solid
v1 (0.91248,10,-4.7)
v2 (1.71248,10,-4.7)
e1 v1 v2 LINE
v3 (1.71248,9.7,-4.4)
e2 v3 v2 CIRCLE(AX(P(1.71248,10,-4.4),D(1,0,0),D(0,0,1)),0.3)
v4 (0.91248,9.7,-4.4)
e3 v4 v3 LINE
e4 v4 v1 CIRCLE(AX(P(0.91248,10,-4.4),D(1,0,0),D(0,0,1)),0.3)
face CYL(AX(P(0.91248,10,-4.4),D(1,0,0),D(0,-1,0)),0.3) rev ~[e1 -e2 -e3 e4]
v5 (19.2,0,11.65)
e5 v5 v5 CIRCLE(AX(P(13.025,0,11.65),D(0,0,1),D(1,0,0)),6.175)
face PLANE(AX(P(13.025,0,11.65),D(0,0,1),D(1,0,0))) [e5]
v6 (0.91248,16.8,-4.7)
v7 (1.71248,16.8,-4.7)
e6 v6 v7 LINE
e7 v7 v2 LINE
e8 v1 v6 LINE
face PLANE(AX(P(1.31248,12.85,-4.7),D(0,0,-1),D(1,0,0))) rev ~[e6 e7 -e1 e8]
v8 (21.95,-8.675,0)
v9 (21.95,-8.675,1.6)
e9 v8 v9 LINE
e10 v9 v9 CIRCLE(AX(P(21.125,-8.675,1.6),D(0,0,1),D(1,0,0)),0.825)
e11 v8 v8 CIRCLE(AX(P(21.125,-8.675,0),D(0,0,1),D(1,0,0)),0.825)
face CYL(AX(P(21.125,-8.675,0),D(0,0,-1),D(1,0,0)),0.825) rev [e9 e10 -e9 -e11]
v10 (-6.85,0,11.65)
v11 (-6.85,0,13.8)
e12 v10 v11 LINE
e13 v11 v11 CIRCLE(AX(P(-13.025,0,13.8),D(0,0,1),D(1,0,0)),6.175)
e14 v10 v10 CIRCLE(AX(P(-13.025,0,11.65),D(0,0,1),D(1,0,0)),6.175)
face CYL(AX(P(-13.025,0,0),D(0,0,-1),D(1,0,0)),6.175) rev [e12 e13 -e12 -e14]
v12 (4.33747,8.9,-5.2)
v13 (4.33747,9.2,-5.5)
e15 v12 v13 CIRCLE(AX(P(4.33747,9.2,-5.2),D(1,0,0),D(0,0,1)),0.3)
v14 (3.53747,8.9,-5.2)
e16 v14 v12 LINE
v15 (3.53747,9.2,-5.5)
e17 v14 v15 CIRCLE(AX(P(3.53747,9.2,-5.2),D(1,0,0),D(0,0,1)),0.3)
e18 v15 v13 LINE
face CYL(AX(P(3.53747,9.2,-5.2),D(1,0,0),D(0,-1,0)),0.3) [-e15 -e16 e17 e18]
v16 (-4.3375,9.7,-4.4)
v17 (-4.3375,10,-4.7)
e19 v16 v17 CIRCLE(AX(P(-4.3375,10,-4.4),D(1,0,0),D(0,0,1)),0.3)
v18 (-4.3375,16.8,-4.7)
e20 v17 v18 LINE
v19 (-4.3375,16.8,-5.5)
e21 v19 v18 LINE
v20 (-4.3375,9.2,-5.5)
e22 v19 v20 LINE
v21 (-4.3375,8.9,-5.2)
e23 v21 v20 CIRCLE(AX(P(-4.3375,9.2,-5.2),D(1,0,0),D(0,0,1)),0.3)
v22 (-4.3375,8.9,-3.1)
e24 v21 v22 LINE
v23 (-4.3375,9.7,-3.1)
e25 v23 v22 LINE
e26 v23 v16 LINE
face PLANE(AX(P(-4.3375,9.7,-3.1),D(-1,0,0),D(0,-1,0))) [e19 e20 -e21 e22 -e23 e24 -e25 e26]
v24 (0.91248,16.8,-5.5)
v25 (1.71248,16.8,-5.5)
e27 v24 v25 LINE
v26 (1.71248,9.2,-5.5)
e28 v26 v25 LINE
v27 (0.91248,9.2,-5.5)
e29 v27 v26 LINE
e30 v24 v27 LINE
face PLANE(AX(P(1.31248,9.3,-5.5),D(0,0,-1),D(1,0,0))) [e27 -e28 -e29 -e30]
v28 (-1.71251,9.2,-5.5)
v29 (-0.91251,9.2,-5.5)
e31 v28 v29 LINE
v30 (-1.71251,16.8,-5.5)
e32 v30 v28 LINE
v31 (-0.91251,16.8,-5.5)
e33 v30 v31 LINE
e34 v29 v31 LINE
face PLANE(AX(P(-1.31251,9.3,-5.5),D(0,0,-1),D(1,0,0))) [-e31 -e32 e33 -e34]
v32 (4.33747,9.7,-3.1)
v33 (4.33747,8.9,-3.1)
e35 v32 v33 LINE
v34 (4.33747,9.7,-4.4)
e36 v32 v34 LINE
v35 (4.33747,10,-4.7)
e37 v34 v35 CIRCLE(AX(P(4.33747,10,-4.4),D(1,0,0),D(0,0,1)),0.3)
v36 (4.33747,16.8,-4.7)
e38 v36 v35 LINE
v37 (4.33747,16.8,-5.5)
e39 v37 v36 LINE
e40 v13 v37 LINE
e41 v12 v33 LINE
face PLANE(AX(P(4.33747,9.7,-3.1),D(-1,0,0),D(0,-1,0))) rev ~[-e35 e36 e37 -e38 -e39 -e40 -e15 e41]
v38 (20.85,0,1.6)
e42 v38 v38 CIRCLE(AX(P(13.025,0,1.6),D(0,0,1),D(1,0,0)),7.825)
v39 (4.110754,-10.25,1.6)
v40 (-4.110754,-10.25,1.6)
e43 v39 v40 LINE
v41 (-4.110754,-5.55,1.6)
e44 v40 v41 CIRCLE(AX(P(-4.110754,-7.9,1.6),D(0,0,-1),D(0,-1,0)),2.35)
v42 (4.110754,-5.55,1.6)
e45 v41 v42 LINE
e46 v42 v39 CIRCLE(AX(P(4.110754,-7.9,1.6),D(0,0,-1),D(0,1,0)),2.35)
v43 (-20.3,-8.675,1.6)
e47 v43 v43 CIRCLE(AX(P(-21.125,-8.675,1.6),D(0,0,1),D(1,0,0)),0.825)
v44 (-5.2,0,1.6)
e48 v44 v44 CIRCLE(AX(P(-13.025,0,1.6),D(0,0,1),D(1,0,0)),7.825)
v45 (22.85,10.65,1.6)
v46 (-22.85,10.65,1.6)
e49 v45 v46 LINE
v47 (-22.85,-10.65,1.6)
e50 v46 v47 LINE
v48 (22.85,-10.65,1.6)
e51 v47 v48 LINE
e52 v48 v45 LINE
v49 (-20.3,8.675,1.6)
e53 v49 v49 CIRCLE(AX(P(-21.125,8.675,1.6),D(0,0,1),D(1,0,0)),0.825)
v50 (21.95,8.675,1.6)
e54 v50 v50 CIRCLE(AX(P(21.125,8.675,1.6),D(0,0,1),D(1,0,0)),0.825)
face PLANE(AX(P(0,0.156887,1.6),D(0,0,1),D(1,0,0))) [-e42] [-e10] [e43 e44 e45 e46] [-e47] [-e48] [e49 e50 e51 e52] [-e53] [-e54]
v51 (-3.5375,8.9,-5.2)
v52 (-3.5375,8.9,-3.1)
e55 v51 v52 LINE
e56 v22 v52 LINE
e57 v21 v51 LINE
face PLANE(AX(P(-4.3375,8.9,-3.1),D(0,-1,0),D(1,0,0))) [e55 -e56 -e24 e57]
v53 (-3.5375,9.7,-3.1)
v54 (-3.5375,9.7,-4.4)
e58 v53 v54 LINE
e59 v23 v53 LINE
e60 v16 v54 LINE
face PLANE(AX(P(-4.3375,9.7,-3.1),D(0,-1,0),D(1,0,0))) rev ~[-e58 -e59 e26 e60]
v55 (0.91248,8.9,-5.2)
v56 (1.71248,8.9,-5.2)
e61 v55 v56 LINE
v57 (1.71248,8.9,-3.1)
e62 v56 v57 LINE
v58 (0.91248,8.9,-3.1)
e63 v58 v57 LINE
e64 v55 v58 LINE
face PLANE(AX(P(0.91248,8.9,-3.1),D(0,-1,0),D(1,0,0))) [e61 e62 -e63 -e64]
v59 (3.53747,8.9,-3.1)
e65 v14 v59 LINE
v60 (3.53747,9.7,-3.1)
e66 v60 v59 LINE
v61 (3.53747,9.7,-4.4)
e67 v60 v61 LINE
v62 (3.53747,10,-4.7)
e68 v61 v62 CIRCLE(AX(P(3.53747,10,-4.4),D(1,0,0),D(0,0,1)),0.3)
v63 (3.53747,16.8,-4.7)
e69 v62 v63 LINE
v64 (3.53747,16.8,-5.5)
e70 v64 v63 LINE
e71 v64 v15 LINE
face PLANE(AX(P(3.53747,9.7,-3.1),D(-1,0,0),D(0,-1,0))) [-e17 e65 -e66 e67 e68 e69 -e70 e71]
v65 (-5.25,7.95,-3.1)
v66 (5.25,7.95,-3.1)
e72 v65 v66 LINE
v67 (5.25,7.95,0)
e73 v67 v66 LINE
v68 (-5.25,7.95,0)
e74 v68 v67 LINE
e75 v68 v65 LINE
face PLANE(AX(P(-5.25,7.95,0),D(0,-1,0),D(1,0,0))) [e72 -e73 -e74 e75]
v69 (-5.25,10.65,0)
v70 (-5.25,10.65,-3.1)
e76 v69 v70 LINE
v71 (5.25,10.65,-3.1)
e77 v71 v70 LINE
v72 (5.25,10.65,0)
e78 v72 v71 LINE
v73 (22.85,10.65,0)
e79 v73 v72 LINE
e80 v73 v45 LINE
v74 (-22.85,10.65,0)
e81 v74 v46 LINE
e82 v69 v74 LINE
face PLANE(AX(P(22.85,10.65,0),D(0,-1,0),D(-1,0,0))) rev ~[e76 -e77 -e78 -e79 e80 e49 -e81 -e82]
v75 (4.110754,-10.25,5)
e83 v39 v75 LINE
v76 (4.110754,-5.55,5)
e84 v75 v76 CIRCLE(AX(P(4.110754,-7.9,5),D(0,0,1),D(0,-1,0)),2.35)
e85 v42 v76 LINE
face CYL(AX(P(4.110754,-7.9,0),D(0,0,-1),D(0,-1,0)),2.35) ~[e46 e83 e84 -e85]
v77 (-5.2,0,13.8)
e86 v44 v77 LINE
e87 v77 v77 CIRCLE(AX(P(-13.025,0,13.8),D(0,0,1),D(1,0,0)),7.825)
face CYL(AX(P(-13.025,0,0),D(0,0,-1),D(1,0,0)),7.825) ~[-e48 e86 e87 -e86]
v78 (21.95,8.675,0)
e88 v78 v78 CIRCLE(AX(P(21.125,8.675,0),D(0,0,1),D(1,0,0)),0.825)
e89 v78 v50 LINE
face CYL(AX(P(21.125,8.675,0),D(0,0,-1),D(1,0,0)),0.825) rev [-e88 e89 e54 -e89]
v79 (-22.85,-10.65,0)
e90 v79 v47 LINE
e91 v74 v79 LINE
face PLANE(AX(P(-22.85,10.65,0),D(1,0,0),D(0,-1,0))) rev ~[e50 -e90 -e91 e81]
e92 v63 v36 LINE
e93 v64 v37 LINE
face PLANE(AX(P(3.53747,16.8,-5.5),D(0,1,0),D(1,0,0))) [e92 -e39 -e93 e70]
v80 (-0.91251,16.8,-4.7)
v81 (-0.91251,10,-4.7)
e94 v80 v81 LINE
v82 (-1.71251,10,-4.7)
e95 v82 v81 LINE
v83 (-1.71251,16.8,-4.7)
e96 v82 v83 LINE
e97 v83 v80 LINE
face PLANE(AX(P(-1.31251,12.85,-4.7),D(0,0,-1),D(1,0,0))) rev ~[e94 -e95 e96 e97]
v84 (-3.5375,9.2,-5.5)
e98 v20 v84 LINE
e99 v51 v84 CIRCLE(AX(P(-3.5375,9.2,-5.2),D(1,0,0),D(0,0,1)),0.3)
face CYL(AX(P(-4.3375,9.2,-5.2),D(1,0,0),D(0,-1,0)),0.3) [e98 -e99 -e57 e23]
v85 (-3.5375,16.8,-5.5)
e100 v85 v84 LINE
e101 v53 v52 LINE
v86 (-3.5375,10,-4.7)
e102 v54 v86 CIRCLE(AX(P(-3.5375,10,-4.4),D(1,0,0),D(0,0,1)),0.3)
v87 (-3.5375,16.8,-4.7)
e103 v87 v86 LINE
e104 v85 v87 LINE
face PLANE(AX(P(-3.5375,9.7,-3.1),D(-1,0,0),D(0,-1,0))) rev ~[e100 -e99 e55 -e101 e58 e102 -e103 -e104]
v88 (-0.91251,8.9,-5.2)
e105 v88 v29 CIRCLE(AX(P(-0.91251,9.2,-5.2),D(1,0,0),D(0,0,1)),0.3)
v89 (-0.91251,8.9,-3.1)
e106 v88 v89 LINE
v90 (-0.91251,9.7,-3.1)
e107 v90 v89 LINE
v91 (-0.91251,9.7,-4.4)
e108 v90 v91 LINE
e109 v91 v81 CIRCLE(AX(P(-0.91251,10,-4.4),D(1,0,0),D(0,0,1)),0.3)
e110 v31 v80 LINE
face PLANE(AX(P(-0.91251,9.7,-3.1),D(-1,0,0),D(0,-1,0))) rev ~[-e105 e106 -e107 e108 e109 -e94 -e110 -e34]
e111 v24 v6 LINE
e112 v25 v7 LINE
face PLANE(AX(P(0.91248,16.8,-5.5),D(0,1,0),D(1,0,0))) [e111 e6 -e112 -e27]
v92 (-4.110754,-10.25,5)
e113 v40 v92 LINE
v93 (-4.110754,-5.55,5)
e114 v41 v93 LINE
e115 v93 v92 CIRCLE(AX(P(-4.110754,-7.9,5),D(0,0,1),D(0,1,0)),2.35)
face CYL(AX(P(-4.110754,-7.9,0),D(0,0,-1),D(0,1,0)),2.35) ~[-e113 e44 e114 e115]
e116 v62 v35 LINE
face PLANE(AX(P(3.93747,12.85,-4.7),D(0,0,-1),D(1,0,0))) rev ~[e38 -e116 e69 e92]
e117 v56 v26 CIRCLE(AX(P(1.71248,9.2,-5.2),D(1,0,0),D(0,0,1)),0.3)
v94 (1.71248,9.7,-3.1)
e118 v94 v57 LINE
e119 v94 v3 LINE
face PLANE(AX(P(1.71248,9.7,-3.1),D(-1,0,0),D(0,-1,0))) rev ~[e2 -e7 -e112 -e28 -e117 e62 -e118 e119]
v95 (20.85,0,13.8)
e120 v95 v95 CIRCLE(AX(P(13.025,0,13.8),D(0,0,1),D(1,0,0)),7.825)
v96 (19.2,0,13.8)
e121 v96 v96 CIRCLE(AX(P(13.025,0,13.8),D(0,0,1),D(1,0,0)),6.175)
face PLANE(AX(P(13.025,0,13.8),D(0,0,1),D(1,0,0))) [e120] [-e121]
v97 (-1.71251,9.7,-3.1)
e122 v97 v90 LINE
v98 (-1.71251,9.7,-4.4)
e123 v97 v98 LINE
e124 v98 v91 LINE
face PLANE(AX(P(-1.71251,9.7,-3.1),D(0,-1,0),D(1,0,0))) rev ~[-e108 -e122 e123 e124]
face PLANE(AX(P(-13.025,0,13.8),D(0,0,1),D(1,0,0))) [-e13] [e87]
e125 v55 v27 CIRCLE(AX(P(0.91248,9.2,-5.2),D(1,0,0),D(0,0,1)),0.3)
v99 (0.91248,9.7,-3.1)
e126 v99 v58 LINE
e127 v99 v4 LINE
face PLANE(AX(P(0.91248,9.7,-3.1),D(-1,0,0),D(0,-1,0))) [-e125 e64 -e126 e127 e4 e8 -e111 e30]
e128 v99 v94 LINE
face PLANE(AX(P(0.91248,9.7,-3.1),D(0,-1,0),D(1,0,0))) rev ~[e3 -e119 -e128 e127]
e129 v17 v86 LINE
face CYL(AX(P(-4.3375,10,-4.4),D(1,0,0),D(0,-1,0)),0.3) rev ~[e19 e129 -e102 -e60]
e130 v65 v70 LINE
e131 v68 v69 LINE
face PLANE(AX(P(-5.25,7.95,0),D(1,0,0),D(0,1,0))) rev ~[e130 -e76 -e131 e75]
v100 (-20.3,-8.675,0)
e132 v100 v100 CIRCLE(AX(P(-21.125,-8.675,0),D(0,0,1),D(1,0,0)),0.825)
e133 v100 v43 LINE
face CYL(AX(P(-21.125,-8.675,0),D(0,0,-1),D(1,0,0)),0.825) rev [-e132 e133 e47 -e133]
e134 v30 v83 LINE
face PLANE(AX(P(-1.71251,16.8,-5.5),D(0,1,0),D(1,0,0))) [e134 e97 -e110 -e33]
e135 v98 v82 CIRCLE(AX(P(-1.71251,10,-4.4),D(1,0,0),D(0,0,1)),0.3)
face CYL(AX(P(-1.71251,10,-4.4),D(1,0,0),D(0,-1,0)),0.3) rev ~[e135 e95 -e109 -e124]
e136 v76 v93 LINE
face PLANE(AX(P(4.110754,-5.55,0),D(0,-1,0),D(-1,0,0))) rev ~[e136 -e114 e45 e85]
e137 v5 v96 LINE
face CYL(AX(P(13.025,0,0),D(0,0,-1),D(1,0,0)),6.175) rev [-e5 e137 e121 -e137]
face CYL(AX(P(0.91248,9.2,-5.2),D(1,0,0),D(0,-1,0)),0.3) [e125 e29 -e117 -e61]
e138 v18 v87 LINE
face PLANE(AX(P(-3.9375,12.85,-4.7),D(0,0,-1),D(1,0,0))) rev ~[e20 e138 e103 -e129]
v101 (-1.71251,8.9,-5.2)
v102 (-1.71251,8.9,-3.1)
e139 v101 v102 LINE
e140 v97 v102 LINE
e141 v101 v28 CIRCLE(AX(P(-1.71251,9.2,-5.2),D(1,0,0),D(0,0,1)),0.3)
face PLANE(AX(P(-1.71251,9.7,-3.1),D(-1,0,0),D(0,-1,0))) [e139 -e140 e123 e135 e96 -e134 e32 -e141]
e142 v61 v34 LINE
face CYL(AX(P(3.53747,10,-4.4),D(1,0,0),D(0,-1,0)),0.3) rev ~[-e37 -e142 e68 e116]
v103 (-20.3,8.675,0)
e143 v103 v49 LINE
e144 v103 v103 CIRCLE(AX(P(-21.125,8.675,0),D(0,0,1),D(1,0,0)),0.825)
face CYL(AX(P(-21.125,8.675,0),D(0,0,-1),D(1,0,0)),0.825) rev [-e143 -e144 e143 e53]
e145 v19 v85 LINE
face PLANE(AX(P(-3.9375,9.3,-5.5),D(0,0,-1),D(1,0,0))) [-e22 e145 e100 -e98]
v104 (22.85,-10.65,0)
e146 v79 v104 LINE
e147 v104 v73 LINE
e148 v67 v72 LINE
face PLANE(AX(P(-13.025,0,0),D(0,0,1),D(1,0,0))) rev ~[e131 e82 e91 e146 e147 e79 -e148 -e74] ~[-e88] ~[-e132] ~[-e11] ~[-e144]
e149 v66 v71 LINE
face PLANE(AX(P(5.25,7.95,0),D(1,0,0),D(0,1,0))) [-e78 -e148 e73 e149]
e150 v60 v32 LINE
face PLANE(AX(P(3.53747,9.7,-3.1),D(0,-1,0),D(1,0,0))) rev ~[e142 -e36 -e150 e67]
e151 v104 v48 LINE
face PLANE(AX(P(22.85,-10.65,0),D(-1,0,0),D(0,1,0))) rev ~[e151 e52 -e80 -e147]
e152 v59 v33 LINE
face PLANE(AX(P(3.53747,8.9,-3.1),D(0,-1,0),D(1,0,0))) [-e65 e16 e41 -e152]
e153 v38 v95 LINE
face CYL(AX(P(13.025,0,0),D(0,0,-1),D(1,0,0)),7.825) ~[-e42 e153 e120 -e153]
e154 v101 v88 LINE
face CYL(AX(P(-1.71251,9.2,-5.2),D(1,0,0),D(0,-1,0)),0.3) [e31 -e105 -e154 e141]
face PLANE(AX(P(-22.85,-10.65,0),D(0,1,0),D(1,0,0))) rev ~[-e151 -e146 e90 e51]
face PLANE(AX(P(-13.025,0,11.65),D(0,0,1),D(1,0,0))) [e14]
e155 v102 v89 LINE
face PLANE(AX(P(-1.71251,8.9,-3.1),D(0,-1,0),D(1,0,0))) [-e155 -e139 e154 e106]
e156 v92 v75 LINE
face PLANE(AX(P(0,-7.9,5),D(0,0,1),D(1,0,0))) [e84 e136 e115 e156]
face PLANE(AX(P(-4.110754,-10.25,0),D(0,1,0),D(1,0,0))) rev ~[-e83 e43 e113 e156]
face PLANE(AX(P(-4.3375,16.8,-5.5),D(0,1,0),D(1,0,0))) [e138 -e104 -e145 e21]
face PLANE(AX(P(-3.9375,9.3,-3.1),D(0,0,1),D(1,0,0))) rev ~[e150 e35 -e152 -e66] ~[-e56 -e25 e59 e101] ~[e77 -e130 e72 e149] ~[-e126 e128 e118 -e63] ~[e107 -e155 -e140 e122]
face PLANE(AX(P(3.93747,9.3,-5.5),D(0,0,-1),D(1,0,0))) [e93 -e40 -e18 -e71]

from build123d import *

# Parameters (mm, degrees)
F0_R     = 0.825
F0_R_2   = 7.825
F0_W     = 2.625
F0_H     = 2.7
F1_DEPTH = 1.6
F0_R_3   = 6.175
F2_DEPTH = 13.8
F3_DEPTH = 11.65
F4_DEPTH = 3.1
F5_W     = 0.8
F5_H     = 0.8
F6_DEPTH = 2.4
F8_DEPTH = 0.8
F9_DEPTH = 5
F10_R    = 0.3


with BuildPart() as f1:
    # F0 (on Top) → F1 (new body)
    with BuildSketch(Plane.XY):
        Polygon((22.85, -10.65), (22.85, 10.65), (5.25, 10.65), (5.25, 7.95), (2.625, 7.95), (0, 7.95), (-2.625, 7.95), (-5.25, 7.95), (-5.25, 10.65), (-22.85, 10.65), (-22.85, -10.65), align=None)
        with Locations((-21.125, -8.675)):
            Circle(F0_R, mode=Mode.SUBTRACT)
        with BuildLine():
            ThreePointArc((-4.1107536526, -10.25), (-6.4607536526, -7.9), (-4.1107536526, -5.55))
            Line((-4.1107536526, -5.55), (4.1107536526, -5.55))
            ThreePointArc((4.1107536526, -5.55), (6.4607536526, -7.9), (4.1107536526, -10.25))
            Line((4.1107536526, -10.25), (-4.1107536526, -10.25))
        make_face(mode=Mode.SUBTRACT)
        with Locations((21.125, -8.675)):
            Circle(F0_R, mode=Mode.SUBTRACT)
        with Locations((-13.025, 0)):
            Circle(F0_R_2, mode=Mode.SUBTRACT)
        with Locations((-21.125, 8.675)):
            Circle(F0_R, mode=Mode.SUBTRACT)
        with Locations((13.025, 0)):
            Circle(F0_R_2, mode=Mode.SUBTRACT)
        with Locations((21.125, 8.675)):
            Circle(F0_R, mode=Mode.SUBTRACT)
        with Locations((-3.9375, 9.3)):
            Rectangle(F0_W, F0_H)
        with Locations((-1.3125, 9.3)):
            Rectangle(F0_W, F0_H)
        with Locations((1.3125, 9.3)):
            Rectangle(F0_W, F0_H)
        with Locations((3.9375, 9.3)):
            Rectangle(F0_W, F0_H)
    extrude(amount=F1_DEPTH)

    # F0 (on Top) → F2 (join)
    with BuildSketch(Plane.XY):
        with Locations((13.025, 0)):
            Circle(F0_R_2)
        with Locations((13.025, 0)):
            Circle(F0_R_3, mode=Mode.SUBTRACT)
        with Locations((-13.025, 0)):
            Circle(F0_R_2)
        with Locations((-13.025, 0)):
            Circle(F0_R_3, mode=Mode.SUBTRACT)
    extrude(amount=F2_DEPTH)

    # F0 (on Top) → F3 (join)
    with BuildSketch(Plane.XY):
        with Locations((-13.025, 0)):
            Circle(F0_R_3)
        with Locations((13.025, 0)):
            Circle(F0_R_3)
    extrude(amount=F3_DEPTH)

    # F0 (on Top) → F4 (join)
    with BuildSketch(Plane.XY):
        with Locations((-3.9375, 9.3)):
            Rectangle(F0_W, F0_H)
        with Locations((-1.3125, 9.3)):
            Rectangle(F0_W, F0_H)
        with Locations((1.3125, 9.3)):
            Rectangle(F0_W, F0_H)
        with Locations((3.9375, 9.3)):
            Rectangle(F0_W, F0_H)
    extrude(amount=-F4_DEPTH)

    # F5 (on face) → F6 (join)
    with BuildSketch(Plane(origin=(0, 0, -3.1), x_dir=(1, 0, 0), z_dir=(0, 0, -1))):
        with Locations((-3.9375, -9.3)):
            Rectangle(F5_W, F5_H)
        with Locations((-1.3125100119, -9.3)):
            Rectangle(F5_W, F5_H)
        with Locations((1.3124799761, -9.3)):
            Rectangle(F5_W, F5_H)
        with Locations((3.9374699642, -9.3)):
            Rectangle(F5_W, F5_H)
    extrude(amount=F6_DEPTH)

    # F7 (on face) → F8 (join)
    with BuildSketch(Plane(origin=(0, 0, -5.5), x_dir=(1, 0, 0), z_dir=(0, 0, -1))):
        Polygon((-4.3375, -8.9), (-4.3375, -9.7), (-4.3375, -16.8), (-3.5375, -16.8), (-3.5375, -9.7), (-3.5375, -8.9), align=None)
        Polygon((-1.7125100119, -8.9), (-1.7125100119, -9.7), (-1.7125100119, -16.8), (-0.9125100119, -16.8), (-0.9125100119, -9.7), (-0.9125100119, -8.9), align=None)
        Polygon((0.9124799761, -8.9), (0.9124799761, -9.7), (0.9124799761, -16.8), (1.7124799761, -16.8), (1.7124799761, -9.7), (1.7124799761, -8.9), align=None)
        Polygon((3.5374699642, -8.9), (3.5374699642, -9.7), (3.5374699642, -16.8), (4.3374699642, -16.8), (4.3374699642, -9.7), (4.3374699642, -8.9), align=None)
    extrude(amount=-F8_DEPTH)

    # F0 (on Top) → F9 (join)
    with BuildSketch(Plane.XY):
        with BuildLine():
            Line((4.1107536526, -5.55), (-4.1107536526, -5.55))
            ThreePointArc((-4.1107536526, -5.55), (-6.4607536526, -7.9), (-4.1107536526, -10.25))
            Line((-4.1107536526, -10.25), (4.1107536526, -10.25))
            ThreePointArc((4.1107536526, -10.25), (6.4607536526, -7.9), (4.1107536526, -5.55))
        make_face()
    extrude(amount=F9_DEPTH)

    # F10
    f10_edges = [f1.edges().sort_by_distance(p)[0] for p in [
        (-3.9375, 8.9, -5.5),
        (-1.31251, 8.9, -5.5),
        (1.31248, 8.9, -5.5),
        (3.93747, 8.9, -5.5),
        (3.93747, 9.7, -4.7),
        (1.31248, 9.7, -4.7),
        (-1.31251, 9.7, -4.7),
        (-3.9375, 9.7, -4.7),
    ]]
    fillet(f10_edges, radius=F10_R)


solid = f1.part
